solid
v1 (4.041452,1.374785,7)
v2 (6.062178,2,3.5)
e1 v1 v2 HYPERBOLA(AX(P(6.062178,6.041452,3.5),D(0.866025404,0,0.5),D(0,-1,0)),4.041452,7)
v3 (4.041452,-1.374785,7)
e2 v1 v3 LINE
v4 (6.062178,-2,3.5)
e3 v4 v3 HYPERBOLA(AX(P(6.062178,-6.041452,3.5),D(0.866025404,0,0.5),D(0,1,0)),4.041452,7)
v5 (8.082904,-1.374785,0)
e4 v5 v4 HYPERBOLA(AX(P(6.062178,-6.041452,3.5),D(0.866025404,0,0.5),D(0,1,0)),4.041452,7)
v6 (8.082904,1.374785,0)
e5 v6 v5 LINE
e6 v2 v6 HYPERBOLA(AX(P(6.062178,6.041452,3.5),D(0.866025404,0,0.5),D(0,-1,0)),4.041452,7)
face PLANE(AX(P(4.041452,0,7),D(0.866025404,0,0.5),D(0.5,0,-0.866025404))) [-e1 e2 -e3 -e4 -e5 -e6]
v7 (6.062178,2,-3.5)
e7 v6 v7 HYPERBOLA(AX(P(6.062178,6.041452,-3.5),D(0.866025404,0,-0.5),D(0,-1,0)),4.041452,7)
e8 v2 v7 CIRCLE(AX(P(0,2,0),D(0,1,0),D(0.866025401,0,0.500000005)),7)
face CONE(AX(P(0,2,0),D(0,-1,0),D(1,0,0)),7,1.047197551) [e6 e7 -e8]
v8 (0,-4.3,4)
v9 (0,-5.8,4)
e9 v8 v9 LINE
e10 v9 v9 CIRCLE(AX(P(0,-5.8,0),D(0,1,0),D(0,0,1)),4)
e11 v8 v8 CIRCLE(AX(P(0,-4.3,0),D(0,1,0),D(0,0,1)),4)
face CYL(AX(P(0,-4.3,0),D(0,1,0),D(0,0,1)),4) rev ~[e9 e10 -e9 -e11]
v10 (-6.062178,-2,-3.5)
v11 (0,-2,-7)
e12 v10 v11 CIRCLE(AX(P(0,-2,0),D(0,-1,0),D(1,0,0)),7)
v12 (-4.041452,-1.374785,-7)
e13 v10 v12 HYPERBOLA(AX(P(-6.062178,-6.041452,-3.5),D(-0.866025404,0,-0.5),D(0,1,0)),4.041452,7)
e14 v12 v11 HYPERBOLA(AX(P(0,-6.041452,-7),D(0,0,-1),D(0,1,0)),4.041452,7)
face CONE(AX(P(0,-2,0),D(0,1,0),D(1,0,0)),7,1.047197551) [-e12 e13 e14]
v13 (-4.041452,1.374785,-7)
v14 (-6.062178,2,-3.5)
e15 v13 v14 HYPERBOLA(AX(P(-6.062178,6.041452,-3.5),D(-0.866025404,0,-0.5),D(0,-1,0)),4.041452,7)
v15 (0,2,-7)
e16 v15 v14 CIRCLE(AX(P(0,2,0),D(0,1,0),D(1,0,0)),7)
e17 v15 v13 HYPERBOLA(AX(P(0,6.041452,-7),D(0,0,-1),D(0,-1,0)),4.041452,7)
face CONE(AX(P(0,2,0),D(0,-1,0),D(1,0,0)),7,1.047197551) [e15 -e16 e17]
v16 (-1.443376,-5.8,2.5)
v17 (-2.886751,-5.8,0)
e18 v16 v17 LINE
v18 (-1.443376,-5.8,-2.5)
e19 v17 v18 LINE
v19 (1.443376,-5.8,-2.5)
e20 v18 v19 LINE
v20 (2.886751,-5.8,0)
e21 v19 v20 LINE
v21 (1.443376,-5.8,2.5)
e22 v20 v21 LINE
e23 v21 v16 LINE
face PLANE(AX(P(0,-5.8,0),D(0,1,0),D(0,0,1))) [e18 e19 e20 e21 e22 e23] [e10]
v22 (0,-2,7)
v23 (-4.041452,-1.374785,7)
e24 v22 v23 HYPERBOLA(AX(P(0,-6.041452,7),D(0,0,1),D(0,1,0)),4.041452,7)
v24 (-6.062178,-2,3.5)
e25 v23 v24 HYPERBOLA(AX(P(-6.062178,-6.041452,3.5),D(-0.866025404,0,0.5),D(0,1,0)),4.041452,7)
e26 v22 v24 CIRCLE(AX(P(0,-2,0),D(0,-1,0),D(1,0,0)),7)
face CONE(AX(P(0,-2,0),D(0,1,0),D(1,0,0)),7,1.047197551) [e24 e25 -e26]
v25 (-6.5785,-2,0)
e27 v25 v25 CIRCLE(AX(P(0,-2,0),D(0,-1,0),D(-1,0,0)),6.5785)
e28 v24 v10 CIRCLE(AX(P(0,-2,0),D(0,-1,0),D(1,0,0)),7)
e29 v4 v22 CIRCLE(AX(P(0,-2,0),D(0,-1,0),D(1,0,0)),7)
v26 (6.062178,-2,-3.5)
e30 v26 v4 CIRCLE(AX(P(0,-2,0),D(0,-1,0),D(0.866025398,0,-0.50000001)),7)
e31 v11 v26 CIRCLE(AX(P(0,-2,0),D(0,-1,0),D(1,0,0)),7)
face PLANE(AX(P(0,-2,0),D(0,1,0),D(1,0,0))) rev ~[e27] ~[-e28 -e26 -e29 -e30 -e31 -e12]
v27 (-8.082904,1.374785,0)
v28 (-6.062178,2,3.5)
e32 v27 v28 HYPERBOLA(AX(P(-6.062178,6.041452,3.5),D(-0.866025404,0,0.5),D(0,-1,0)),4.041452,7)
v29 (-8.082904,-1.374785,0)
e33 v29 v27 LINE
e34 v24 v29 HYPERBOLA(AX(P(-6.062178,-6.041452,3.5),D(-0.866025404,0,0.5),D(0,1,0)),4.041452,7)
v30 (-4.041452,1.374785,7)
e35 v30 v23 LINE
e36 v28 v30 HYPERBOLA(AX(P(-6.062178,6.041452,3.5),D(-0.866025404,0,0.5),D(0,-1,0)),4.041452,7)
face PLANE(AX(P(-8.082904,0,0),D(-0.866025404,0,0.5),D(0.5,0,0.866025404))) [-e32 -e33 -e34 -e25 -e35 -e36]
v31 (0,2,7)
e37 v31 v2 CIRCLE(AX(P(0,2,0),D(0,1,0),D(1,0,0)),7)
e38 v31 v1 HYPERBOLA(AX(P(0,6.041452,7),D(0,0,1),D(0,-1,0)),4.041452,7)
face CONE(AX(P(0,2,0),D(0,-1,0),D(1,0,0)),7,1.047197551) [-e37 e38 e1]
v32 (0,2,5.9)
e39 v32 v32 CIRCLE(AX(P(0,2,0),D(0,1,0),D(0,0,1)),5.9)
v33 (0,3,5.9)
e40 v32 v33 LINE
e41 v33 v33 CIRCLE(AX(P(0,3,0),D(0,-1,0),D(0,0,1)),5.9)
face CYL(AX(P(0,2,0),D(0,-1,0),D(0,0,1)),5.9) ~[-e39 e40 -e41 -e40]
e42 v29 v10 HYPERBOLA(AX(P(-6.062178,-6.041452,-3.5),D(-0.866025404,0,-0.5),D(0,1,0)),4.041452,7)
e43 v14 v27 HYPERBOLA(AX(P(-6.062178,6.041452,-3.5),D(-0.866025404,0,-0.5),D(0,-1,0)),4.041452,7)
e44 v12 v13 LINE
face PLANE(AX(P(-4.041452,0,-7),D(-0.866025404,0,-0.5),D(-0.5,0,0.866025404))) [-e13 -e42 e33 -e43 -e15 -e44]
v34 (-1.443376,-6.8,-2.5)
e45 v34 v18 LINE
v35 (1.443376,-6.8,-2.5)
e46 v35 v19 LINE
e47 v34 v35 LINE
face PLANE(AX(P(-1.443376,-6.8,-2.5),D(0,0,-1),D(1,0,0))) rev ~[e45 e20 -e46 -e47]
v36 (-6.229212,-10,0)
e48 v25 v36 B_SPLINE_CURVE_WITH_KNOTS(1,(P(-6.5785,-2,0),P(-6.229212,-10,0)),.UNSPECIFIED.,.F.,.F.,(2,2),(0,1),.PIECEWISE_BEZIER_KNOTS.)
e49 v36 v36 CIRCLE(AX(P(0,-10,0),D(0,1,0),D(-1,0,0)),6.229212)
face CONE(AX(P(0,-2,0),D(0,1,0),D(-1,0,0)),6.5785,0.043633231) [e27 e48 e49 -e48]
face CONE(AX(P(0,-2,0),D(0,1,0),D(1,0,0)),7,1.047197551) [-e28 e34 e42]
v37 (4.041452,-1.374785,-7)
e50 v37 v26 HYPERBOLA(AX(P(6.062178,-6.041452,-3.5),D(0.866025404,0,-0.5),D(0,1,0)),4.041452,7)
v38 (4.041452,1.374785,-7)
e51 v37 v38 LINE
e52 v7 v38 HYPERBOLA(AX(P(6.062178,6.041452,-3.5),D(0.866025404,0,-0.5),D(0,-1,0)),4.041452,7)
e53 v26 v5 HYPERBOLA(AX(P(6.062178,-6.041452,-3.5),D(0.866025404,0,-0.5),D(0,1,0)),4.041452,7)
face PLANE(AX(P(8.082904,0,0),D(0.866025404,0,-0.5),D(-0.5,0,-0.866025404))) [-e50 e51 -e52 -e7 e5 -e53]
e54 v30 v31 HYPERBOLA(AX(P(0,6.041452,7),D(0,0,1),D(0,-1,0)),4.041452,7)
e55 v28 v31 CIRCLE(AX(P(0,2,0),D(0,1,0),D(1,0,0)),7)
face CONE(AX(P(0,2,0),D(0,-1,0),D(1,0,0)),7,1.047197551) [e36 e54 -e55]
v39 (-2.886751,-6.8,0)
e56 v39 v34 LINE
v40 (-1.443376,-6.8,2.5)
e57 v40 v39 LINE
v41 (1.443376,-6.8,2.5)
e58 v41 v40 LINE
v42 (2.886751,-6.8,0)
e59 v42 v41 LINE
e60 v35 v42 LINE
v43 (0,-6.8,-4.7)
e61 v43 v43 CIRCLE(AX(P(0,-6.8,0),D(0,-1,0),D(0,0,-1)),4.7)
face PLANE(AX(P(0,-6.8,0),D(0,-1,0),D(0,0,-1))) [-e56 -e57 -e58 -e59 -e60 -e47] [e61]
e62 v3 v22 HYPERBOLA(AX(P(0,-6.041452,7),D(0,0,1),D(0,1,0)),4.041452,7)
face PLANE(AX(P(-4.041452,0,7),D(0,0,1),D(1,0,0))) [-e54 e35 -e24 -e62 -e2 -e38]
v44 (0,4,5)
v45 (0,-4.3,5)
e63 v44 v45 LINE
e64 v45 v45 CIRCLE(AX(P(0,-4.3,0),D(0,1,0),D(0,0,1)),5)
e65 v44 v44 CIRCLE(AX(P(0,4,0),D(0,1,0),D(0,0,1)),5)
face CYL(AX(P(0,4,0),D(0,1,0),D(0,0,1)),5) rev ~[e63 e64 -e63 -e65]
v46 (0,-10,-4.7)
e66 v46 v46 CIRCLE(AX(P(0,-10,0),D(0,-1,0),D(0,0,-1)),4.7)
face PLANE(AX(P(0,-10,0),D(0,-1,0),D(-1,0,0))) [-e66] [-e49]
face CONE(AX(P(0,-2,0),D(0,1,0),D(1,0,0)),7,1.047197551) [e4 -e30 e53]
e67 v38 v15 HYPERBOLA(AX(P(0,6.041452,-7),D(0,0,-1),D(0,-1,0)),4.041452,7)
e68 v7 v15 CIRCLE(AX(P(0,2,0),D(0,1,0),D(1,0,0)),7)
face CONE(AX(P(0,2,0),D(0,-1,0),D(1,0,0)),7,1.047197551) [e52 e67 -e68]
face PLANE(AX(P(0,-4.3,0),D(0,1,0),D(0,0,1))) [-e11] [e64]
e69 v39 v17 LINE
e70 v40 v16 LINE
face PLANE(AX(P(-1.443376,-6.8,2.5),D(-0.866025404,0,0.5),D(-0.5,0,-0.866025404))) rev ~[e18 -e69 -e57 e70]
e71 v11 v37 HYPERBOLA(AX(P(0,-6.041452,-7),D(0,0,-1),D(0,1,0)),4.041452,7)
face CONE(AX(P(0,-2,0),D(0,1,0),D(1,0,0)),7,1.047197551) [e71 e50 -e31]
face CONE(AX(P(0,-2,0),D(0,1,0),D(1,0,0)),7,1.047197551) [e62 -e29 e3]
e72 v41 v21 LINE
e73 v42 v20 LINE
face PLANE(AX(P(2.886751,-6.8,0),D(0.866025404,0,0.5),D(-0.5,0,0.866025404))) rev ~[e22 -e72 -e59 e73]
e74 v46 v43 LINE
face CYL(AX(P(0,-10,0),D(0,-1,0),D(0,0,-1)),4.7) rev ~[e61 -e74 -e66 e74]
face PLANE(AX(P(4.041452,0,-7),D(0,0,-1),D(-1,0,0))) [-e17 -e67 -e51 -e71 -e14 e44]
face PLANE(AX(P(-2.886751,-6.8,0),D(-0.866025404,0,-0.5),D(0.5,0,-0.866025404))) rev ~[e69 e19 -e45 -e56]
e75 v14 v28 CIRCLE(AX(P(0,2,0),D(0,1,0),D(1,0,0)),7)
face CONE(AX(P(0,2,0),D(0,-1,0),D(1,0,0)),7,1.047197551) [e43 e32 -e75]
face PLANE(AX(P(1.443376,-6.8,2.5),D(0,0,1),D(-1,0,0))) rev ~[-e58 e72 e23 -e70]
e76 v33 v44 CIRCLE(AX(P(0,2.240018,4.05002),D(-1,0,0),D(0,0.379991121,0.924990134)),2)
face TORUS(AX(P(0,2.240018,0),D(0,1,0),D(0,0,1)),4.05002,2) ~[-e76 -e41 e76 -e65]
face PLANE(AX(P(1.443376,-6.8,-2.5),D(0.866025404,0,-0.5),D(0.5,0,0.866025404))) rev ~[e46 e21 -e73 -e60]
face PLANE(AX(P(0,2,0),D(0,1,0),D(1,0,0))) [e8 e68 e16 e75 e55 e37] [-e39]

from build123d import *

# Parameters (mm, degrees)
HEXBASE_DEPTH             = 2
TUBECLAMPINGHEADS_R       = 5.9
TUBECLAMPINGHEAD_DEPTH    = 2
FASTENINGHEADS_R          = 6.5785
FASTENINGHEAD_DEPTH       = 8
FASTENINGHEAD_TAPER       = 2.5
BOREFASTENINGHEADS_R      = 4.7
BOREFASTENINGHEAD_DEPTH   = 3.2
HEXKEY_DEPTH              = 16.197806859
BORETUBEACCESSS_R         = 5
BORETUBEACCESS_DEPTH      = 9.8
ORINGSEAT_START           = 1.5
ORINGSEATS_R              = 5
ORINGSEATS_R_2            = 4
ORINGSEAT_DEPTH           = 1.5
CHAMFERHEXBASES_OUTSIDE_W = 82.42
CHAMFERHEXBASES_OUTSIDE_H = 80.254
CHAMFERHEXBASES_OUTSIDE_R = 7
CHAMFERHEXBASE_DEPTH      = 17.072751343
CHAMFERHEXBASE_DRAFT      = -60
CHB_VM_COPY_1_SKETCH_W    = 82.42
CHB_VM_COPY_1_SKETCH_H    = 80.254
CHB_VM_COPY_1_SKETCH_R    = 7
CHB_VM_COPY_1_DEPTH       = 17.072751343
CHB_VM_COPY_1_DRAFT       = -60


with BuildPart() as part:
    # HexBaseS → HexBase (new, symmetric)
    with BuildSketch(Plane(origin=(0, 0, 0), x_dir=(1, 0, 0), z_dir=(0, 1, 0))):
        Polygon((8.082903769, 0), (4.041451884, 7), (-4.041451884, 7), (-8.082903769, 0), (-4.041451884, -7), (4.041451884, -7), align=None)
    extrude(amount=HEXBASE_DEPTH, both=True)

    # TubeClampingHeadS → TubeClampingHead (add)
    with BuildSketch(Plane(origin=(0, 2, 0), x_dir=(1, 0, 0), z_dir=(0, 1, 0))):
        with Locations(Location((0, 0, 0), (0, 0, 270))):
            Circle(TUBECLAMPINGHEADS_R)
    extrude(amount=TUBECLAMPINGHEAD_DEPTH)

    # FasteningHeadS → FasteningHead (add)
    with BuildSketch(Plane(origin=(0, -2, 0), x_dir=(-1, 0, 0), z_dir=(0, -1, 0))):
        Circle(FASTENINGHEADS_R)
    extrude(amount=FASTENINGHEAD_DEPTH, taper=FASTENINGHEAD_TAPER)

    # BoreFasteningHeadS → BoreFasteningHead (cut)
    with BuildSketch(Plane.XZ.offset(10)):
        with Locations(Location((0, 0, 0), (0, 0, 270))):
            Circle(BOREFASTENINGHEADS_R)
    extrude(amount=-BOREFASTENINGHEAD_DEPTH, mode=Mode.SUBTRACT)

    # HexKeyS → HexKey (cut, through all)
    with BuildSketch(Plane(origin=(0, -6.8, 0), x_dir=(-1, 0, 0), z_dir=(0, -1, 0))):
        Polygon((-1.443375673, 2.5), (-2.886751346, 0), (-1.443375673, -2.5), (1.443375673, -2.5), (2.886751346, 0), (1.443375673, 2.5), align=None)
    extrude(amount=-HEXKEY_DEPTH, mode=Mode.SUBTRACT)

    # BoreTubeAccessS → BoreTubeAccess (cut)
    with BuildSketch(Plane(origin=(0, 4, 0), x_dir=(1, 0, 0), z_dir=(0, 1, 0))):
        with Locations(Location((0, 0, 0), (0, 0, 270))):
            Circle(BORETUBEACCESSS_R)
    extrude(amount=-BORETUBEACCESS_DEPTH, mode=Mode.SUBTRACT)

    # ClampingFeatureS → ClampingFeature (revolve, cut)
    with BuildSketch(Plane.XY, mode=Mode.PRIVATE) as clampingfeature_sk:
        with BuildLine():
            Line((5, 4), (5.9, 4))
            Line((5.9, 4), (5.9, 3))
            ThreePointArc((5.9, 3), (5.536608024, 3.577947222), (5, 4))
        make_face()
    revolve(clampingfeature_sk.sketch.rotate(Axis((0, 4, 0), (0, -1, 0)), 90), axis=Axis((0, 4, 0), (0, -1, 0)), mode=Mode.SUBTRACT)

    # ORingSeatS → ORingSeat (add)
    with BuildSketch(Plane(origin=(0, -5.8, 0), x_dir=(1, 0, 0), z_dir=(0, 1, 0)).offset(ORINGSEAT_START)):
        with Locations(Location((0, 0, 0), (0, 0, 270))):
            Circle(ORINGSEATS_R)
        with Locations(Location((0, 0, 0), (0, 0, 270))):
            Circle(ORINGSEATS_R_2, mode=Mode.SUBTRACT)
    extrude(amount=-ORINGSEAT_DEPTH)


with BuildPart() as chamferhexbase_tool:
    # ChamferHexBaseS outside → ChamferHexBase (with draft: the straight prism first)
    with BuildSketch(Plane(origin=(0, 2, 0), x_dir=(1, 0, 0), z_dir=(0, 1, 0))):
        Rectangle(CHAMFERHEXBASES_OUTSIDE_W, CHAMFERHEXBASES_OUTSIDE_H)
        Circle(CHAMFERHEXBASES_OUTSIDE_R, mode=Mode.SUBTRACT)
    extrude(amount=-CHAMFERHEXBASE_DEPTH)
    # ChamferHexBase: the draft: its side faces are tilted about the plane it starts from
    chamferhexbase_sides = [chamferhexbase_tool.faces().sort_by_distance(p)[0] for p in [
        (0, -6.536375671, 40.127),
        (41.21, -6.536375671, 0),
        (0, -6.536375671, -40.127),
        (-41.21, -6.536375671, 0),
        (-7, -6.536375671, 0),
    ]]
    draft(chamferhexbase_sides, Plane(origin=(0, 2, 0), x_dir=(1, 0, 0), z_dir=(0, 1, 0)), CHAMFERHEXBASE_DRAFT)


with BuildPart() as part_1:
    add(part.part)

    # ChamferHexBase: cut by chamferhexbase_tool
    add(chamferhexbase_tool.part, mode=Mode.SUBTRACT)


with BuildPart() as chb_vm_copy_1_tool:
    # CHB VM copy 1 sketch → CHB VM copy 1 (with draft: the straight prism first)
    with BuildSketch(Plane.XZ.offset(2)):
        Rectangle(CHB_VM_COPY_1_SKETCH_W, CHB_VM_COPY_1_SKETCH_H)
        Circle(CHB_VM_COPY_1_SKETCH_R, mode=Mode.SUBTRACT)
    extrude(amount=-CHB_VM_COPY_1_DEPTH)
    # CHB VM copy 1: the draft: its side faces are tilted about the plane it starts from
    chb_vm_copy_1_sides = [chb_vm_copy_1_tool.faces().sort_by_distance(p)[0] for p in [
        (0, 6.536375671, 40.127),
        (41.21, 6.536375671, 0),
        (0, 6.536375671, -40.127),
        (-41.21, 6.536375671, 0),
        (-7, 6.536375671, 0),
    ]]
    draft(chb_vm_copy_1_sides, Plane.XZ.offset(2), CHB_VM_COPY_1_DRAFT)


with BuildPart() as part_2:
    add(part_1.part)

    # CHB VM copy 1: cut by chb_vm_copy_1_tool
    add(chb_vm_copy_1_tool.part, mode=Mode.SUBTRACT)


solid = part_2.part
